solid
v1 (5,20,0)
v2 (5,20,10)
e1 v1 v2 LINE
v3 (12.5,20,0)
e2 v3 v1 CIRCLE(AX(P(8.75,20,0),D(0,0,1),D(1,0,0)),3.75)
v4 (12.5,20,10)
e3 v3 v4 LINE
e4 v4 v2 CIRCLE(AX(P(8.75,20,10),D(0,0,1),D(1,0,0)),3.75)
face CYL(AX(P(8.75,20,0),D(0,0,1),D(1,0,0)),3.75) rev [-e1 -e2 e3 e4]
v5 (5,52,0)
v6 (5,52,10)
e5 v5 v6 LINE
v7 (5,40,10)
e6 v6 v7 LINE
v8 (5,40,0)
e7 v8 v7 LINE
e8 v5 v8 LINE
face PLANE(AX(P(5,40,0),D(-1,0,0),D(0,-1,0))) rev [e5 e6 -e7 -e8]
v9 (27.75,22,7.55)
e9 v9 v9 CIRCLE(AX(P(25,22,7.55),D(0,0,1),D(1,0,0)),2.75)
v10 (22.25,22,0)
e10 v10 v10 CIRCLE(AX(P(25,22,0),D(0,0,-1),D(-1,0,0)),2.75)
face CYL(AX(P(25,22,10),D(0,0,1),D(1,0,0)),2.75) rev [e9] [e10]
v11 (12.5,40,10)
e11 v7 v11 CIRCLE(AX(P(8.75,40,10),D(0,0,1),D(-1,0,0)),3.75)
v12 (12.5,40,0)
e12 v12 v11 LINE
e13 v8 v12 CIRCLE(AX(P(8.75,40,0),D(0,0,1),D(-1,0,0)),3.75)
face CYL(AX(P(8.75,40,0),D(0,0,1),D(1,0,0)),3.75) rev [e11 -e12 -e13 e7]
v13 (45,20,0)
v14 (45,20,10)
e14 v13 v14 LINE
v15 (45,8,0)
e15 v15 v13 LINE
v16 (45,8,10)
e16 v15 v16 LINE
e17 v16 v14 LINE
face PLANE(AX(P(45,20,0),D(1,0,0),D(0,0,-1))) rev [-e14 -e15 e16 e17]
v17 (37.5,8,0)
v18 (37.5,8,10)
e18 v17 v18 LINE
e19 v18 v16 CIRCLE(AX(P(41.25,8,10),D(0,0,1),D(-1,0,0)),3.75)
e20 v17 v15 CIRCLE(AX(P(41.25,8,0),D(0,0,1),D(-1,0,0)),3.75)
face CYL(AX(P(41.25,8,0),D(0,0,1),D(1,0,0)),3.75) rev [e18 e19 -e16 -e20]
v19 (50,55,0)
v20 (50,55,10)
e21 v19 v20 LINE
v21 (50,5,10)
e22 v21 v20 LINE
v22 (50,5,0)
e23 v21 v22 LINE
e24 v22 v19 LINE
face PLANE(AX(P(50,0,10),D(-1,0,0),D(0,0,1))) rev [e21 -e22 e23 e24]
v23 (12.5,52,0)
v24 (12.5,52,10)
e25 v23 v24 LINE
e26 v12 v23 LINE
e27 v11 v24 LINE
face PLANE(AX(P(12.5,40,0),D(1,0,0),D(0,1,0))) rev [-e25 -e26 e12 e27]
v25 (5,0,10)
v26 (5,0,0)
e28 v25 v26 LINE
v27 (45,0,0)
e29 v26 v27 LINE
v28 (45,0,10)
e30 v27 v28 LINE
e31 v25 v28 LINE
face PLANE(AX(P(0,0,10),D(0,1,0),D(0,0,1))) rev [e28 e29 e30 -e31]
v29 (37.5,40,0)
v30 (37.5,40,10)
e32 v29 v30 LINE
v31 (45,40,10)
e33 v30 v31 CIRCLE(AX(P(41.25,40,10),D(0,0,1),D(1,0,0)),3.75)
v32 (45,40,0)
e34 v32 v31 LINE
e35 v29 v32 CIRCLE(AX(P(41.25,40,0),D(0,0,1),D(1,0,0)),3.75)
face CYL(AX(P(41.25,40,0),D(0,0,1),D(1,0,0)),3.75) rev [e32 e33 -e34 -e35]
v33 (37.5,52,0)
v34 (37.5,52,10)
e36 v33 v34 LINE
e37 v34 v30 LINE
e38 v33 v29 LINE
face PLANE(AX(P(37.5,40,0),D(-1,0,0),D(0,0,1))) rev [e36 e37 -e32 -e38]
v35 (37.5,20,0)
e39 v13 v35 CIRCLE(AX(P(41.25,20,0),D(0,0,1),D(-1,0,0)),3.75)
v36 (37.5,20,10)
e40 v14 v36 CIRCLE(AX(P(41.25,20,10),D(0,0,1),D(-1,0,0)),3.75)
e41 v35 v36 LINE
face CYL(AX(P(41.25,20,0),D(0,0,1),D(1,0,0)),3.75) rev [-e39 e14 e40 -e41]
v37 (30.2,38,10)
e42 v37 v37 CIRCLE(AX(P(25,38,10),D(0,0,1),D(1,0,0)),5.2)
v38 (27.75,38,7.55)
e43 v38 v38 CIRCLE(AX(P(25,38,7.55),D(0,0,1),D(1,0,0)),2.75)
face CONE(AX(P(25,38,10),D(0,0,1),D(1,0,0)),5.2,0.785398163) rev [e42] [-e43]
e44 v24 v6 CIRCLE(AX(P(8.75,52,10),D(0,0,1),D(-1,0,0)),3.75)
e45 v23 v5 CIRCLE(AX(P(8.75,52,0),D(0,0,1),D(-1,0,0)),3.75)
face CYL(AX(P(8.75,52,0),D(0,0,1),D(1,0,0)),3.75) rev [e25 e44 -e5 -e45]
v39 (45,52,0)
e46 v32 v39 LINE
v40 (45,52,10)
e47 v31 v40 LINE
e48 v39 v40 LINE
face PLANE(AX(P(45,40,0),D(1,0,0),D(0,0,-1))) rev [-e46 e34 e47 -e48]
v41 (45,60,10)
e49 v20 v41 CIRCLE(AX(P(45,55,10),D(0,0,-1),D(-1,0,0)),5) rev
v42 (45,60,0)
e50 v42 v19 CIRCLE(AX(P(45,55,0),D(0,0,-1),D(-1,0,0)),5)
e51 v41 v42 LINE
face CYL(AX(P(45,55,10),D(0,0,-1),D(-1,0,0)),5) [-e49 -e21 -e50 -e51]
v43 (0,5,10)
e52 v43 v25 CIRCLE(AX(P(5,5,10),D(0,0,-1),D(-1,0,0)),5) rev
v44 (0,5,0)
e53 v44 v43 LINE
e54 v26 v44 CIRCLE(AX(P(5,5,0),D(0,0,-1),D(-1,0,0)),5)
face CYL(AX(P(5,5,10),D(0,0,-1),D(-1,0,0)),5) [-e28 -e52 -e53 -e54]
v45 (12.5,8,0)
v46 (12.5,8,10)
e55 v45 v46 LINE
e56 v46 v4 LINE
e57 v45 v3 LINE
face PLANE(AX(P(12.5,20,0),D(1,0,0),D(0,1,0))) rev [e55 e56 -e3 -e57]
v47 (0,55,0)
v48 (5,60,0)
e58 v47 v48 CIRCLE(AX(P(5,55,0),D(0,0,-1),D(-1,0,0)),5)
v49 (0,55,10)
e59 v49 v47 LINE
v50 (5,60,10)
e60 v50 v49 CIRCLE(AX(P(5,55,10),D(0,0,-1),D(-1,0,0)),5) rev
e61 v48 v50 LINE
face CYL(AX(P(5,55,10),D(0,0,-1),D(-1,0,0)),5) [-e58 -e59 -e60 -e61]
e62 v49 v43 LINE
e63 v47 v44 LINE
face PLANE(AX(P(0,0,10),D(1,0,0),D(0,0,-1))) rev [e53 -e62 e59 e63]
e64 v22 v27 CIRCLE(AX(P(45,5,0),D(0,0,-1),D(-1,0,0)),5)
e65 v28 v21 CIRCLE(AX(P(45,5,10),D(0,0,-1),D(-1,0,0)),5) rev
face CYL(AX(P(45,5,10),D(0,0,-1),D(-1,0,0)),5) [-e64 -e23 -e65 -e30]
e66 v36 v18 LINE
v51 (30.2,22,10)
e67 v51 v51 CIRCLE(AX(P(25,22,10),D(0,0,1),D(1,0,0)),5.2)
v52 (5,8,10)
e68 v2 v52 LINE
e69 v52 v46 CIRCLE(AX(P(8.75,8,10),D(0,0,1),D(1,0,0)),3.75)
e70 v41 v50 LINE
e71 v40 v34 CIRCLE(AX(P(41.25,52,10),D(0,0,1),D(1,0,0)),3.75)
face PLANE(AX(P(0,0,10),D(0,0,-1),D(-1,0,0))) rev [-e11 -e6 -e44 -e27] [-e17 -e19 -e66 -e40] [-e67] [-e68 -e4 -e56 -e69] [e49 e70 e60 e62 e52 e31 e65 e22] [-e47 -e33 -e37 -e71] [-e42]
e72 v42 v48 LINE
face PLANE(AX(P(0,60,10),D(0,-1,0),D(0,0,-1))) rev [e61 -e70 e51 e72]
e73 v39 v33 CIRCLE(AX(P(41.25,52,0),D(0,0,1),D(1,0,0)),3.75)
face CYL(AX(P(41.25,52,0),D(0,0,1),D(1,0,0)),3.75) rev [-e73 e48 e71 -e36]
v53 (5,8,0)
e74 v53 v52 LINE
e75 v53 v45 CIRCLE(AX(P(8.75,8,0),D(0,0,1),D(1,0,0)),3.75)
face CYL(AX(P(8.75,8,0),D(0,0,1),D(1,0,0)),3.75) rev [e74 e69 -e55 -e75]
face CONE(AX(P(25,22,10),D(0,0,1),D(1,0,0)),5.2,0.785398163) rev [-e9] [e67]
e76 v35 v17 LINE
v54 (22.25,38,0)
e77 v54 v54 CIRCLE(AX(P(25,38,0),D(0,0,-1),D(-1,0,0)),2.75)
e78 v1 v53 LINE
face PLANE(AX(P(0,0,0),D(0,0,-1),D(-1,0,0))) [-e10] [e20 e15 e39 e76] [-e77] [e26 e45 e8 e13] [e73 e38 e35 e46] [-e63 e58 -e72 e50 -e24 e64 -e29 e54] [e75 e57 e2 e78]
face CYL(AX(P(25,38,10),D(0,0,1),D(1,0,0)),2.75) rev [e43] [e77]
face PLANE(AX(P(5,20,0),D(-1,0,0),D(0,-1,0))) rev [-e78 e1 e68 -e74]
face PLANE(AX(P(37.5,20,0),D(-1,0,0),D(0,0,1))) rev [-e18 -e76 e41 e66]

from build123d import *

# Parameters (mm, degrees)
SKETCH1_W                                     = 50
SKETCH1_H                                     = 60
BOSS_EXTRUDE1_DEPTH                           = 10
FILLET1_R                                     = 5
CUT_EXTRUDE1_DEPTH                            = 10
CSK_FOR_M5_COUNTERSUNK_FLAT_HEAD1_D           = 5.5
CSK_FOR_M5_COUNTERSUNK_FLAT_HEAD1_DEPTH       = 30
CSK_FOR_M5_COUNTERSUNK_FLAT_HEAD1_CSINK_D     = 10.4
CSK_FOR_M5_COUNTERSUNK_FLAT_HEAD1_CSINK_ANGLE = 90
CSK_FOR_M5_COUNTERSUNK_FLAT_HEAD1_TIP         = 1.652366702


with BuildPart() as part:
    # Sketch1 → Boss-Extrude1 (new body)
    with BuildSketch(Plane.XY):
        with Locations((25, 30)):
            Rectangle(SKETCH1_W, SKETCH1_H)
    extrude(amount=BOSS_EXTRUDE1_DEPTH)

    # Fillet1
    fillet1_edges = [part.edges().sort_by_distance(p)[0] for p in [
        (0, 60, 5),
        (50, 60, 5),
        (50, 0, 5),
        (0, 0, 5),
    ]]
    fillet(fillet1_edges, radius=FILLET1_R)

    # Sketch2 → Cut-Extrude1 (cut)
    with BuildSketch(Plane.XY.offset(10)):
        with BuildLine():
            Line((12.5, 20), (12.5, 8))
            ThreePointArc((12.5, 8), (8.75, 4.25), (5, 8))
            Line((5, 8), (5, 20))
            ThreePointArc((5, 20), (8.75, 23.75), (12.5, 20))
        make_face()
        with BuildLine():
            Line((37.5, 40), (37.5, 52))
            ThreePointArc((37.5, 52), (41.25, 55.75), (45, 52))
            Line((45, 52), (45, 40))
            ThreePointArc((45, 40), (41.25, 36.25), (37.5, 40))
        make_face()
        with BuildLine():
            Line((37.5, 20), (37.5, 8))
            ThreePointArc((37.5, 8), (41.25, 4.25), (45, 8))
            Line((45, 8), (45, 20))
            ThreePointArc((45, 20), (41.25, 23.75), (37.5, 20))
        make_face()
        with BuildLine():
            Line((12.5, 40), (12.5, 52))
            ThreePointArc((12.5, 52), (8.75, 55.75), (5, 52))
            Line((5, 52), (5, 40))
            ThreePointArc((5, 40), (8.75, 36.25), (12.5, 40))
        make_face()
    extrude(amount=-CUT_EXTRUDE1_DEPTH, mode=Mode.SUBTRACT)

    # CSK for M5 Countersunk Flat Head1
    with Locations(Plane.XY.offset(10)):
        with Locations((25, 38), (25, 22)):
            CounterSinkHole(CSK_FOR_M5_COUNTERSUNK_FLAT_HEAD1_D / 2, CSK_FOR_M5_COUNTERSUNK_FLAT_HEAD1_CSINK_D / 2, depth=CSK_FOR_M5_COUNTERSUNK_FLAT_HEAD1_DEPTH, counter_sink_angle=CSK_FOR_M5_COUNTERSUNK_FLAT_HEAD1_CSINK_ANGLE)
            with Locations((0, 0, -(CSK_FOR_M5_COUNTERSUNK_FLAT_HEAD1_DEPTH + CSK_FOR_M5_COUNTERSUNK_FLAT_HEAD1_TIP / 2))):  # 118° drill point
                Cone(0, CSK_FOR_M5_COUNTERSUNK_FLAT_HEAD1_D / 2, CSK_FOR_M5_COUNTERSUNK_FLAT_HEAD1_TIP, mode=Mode.SUBTRACT)


solid = part.part
